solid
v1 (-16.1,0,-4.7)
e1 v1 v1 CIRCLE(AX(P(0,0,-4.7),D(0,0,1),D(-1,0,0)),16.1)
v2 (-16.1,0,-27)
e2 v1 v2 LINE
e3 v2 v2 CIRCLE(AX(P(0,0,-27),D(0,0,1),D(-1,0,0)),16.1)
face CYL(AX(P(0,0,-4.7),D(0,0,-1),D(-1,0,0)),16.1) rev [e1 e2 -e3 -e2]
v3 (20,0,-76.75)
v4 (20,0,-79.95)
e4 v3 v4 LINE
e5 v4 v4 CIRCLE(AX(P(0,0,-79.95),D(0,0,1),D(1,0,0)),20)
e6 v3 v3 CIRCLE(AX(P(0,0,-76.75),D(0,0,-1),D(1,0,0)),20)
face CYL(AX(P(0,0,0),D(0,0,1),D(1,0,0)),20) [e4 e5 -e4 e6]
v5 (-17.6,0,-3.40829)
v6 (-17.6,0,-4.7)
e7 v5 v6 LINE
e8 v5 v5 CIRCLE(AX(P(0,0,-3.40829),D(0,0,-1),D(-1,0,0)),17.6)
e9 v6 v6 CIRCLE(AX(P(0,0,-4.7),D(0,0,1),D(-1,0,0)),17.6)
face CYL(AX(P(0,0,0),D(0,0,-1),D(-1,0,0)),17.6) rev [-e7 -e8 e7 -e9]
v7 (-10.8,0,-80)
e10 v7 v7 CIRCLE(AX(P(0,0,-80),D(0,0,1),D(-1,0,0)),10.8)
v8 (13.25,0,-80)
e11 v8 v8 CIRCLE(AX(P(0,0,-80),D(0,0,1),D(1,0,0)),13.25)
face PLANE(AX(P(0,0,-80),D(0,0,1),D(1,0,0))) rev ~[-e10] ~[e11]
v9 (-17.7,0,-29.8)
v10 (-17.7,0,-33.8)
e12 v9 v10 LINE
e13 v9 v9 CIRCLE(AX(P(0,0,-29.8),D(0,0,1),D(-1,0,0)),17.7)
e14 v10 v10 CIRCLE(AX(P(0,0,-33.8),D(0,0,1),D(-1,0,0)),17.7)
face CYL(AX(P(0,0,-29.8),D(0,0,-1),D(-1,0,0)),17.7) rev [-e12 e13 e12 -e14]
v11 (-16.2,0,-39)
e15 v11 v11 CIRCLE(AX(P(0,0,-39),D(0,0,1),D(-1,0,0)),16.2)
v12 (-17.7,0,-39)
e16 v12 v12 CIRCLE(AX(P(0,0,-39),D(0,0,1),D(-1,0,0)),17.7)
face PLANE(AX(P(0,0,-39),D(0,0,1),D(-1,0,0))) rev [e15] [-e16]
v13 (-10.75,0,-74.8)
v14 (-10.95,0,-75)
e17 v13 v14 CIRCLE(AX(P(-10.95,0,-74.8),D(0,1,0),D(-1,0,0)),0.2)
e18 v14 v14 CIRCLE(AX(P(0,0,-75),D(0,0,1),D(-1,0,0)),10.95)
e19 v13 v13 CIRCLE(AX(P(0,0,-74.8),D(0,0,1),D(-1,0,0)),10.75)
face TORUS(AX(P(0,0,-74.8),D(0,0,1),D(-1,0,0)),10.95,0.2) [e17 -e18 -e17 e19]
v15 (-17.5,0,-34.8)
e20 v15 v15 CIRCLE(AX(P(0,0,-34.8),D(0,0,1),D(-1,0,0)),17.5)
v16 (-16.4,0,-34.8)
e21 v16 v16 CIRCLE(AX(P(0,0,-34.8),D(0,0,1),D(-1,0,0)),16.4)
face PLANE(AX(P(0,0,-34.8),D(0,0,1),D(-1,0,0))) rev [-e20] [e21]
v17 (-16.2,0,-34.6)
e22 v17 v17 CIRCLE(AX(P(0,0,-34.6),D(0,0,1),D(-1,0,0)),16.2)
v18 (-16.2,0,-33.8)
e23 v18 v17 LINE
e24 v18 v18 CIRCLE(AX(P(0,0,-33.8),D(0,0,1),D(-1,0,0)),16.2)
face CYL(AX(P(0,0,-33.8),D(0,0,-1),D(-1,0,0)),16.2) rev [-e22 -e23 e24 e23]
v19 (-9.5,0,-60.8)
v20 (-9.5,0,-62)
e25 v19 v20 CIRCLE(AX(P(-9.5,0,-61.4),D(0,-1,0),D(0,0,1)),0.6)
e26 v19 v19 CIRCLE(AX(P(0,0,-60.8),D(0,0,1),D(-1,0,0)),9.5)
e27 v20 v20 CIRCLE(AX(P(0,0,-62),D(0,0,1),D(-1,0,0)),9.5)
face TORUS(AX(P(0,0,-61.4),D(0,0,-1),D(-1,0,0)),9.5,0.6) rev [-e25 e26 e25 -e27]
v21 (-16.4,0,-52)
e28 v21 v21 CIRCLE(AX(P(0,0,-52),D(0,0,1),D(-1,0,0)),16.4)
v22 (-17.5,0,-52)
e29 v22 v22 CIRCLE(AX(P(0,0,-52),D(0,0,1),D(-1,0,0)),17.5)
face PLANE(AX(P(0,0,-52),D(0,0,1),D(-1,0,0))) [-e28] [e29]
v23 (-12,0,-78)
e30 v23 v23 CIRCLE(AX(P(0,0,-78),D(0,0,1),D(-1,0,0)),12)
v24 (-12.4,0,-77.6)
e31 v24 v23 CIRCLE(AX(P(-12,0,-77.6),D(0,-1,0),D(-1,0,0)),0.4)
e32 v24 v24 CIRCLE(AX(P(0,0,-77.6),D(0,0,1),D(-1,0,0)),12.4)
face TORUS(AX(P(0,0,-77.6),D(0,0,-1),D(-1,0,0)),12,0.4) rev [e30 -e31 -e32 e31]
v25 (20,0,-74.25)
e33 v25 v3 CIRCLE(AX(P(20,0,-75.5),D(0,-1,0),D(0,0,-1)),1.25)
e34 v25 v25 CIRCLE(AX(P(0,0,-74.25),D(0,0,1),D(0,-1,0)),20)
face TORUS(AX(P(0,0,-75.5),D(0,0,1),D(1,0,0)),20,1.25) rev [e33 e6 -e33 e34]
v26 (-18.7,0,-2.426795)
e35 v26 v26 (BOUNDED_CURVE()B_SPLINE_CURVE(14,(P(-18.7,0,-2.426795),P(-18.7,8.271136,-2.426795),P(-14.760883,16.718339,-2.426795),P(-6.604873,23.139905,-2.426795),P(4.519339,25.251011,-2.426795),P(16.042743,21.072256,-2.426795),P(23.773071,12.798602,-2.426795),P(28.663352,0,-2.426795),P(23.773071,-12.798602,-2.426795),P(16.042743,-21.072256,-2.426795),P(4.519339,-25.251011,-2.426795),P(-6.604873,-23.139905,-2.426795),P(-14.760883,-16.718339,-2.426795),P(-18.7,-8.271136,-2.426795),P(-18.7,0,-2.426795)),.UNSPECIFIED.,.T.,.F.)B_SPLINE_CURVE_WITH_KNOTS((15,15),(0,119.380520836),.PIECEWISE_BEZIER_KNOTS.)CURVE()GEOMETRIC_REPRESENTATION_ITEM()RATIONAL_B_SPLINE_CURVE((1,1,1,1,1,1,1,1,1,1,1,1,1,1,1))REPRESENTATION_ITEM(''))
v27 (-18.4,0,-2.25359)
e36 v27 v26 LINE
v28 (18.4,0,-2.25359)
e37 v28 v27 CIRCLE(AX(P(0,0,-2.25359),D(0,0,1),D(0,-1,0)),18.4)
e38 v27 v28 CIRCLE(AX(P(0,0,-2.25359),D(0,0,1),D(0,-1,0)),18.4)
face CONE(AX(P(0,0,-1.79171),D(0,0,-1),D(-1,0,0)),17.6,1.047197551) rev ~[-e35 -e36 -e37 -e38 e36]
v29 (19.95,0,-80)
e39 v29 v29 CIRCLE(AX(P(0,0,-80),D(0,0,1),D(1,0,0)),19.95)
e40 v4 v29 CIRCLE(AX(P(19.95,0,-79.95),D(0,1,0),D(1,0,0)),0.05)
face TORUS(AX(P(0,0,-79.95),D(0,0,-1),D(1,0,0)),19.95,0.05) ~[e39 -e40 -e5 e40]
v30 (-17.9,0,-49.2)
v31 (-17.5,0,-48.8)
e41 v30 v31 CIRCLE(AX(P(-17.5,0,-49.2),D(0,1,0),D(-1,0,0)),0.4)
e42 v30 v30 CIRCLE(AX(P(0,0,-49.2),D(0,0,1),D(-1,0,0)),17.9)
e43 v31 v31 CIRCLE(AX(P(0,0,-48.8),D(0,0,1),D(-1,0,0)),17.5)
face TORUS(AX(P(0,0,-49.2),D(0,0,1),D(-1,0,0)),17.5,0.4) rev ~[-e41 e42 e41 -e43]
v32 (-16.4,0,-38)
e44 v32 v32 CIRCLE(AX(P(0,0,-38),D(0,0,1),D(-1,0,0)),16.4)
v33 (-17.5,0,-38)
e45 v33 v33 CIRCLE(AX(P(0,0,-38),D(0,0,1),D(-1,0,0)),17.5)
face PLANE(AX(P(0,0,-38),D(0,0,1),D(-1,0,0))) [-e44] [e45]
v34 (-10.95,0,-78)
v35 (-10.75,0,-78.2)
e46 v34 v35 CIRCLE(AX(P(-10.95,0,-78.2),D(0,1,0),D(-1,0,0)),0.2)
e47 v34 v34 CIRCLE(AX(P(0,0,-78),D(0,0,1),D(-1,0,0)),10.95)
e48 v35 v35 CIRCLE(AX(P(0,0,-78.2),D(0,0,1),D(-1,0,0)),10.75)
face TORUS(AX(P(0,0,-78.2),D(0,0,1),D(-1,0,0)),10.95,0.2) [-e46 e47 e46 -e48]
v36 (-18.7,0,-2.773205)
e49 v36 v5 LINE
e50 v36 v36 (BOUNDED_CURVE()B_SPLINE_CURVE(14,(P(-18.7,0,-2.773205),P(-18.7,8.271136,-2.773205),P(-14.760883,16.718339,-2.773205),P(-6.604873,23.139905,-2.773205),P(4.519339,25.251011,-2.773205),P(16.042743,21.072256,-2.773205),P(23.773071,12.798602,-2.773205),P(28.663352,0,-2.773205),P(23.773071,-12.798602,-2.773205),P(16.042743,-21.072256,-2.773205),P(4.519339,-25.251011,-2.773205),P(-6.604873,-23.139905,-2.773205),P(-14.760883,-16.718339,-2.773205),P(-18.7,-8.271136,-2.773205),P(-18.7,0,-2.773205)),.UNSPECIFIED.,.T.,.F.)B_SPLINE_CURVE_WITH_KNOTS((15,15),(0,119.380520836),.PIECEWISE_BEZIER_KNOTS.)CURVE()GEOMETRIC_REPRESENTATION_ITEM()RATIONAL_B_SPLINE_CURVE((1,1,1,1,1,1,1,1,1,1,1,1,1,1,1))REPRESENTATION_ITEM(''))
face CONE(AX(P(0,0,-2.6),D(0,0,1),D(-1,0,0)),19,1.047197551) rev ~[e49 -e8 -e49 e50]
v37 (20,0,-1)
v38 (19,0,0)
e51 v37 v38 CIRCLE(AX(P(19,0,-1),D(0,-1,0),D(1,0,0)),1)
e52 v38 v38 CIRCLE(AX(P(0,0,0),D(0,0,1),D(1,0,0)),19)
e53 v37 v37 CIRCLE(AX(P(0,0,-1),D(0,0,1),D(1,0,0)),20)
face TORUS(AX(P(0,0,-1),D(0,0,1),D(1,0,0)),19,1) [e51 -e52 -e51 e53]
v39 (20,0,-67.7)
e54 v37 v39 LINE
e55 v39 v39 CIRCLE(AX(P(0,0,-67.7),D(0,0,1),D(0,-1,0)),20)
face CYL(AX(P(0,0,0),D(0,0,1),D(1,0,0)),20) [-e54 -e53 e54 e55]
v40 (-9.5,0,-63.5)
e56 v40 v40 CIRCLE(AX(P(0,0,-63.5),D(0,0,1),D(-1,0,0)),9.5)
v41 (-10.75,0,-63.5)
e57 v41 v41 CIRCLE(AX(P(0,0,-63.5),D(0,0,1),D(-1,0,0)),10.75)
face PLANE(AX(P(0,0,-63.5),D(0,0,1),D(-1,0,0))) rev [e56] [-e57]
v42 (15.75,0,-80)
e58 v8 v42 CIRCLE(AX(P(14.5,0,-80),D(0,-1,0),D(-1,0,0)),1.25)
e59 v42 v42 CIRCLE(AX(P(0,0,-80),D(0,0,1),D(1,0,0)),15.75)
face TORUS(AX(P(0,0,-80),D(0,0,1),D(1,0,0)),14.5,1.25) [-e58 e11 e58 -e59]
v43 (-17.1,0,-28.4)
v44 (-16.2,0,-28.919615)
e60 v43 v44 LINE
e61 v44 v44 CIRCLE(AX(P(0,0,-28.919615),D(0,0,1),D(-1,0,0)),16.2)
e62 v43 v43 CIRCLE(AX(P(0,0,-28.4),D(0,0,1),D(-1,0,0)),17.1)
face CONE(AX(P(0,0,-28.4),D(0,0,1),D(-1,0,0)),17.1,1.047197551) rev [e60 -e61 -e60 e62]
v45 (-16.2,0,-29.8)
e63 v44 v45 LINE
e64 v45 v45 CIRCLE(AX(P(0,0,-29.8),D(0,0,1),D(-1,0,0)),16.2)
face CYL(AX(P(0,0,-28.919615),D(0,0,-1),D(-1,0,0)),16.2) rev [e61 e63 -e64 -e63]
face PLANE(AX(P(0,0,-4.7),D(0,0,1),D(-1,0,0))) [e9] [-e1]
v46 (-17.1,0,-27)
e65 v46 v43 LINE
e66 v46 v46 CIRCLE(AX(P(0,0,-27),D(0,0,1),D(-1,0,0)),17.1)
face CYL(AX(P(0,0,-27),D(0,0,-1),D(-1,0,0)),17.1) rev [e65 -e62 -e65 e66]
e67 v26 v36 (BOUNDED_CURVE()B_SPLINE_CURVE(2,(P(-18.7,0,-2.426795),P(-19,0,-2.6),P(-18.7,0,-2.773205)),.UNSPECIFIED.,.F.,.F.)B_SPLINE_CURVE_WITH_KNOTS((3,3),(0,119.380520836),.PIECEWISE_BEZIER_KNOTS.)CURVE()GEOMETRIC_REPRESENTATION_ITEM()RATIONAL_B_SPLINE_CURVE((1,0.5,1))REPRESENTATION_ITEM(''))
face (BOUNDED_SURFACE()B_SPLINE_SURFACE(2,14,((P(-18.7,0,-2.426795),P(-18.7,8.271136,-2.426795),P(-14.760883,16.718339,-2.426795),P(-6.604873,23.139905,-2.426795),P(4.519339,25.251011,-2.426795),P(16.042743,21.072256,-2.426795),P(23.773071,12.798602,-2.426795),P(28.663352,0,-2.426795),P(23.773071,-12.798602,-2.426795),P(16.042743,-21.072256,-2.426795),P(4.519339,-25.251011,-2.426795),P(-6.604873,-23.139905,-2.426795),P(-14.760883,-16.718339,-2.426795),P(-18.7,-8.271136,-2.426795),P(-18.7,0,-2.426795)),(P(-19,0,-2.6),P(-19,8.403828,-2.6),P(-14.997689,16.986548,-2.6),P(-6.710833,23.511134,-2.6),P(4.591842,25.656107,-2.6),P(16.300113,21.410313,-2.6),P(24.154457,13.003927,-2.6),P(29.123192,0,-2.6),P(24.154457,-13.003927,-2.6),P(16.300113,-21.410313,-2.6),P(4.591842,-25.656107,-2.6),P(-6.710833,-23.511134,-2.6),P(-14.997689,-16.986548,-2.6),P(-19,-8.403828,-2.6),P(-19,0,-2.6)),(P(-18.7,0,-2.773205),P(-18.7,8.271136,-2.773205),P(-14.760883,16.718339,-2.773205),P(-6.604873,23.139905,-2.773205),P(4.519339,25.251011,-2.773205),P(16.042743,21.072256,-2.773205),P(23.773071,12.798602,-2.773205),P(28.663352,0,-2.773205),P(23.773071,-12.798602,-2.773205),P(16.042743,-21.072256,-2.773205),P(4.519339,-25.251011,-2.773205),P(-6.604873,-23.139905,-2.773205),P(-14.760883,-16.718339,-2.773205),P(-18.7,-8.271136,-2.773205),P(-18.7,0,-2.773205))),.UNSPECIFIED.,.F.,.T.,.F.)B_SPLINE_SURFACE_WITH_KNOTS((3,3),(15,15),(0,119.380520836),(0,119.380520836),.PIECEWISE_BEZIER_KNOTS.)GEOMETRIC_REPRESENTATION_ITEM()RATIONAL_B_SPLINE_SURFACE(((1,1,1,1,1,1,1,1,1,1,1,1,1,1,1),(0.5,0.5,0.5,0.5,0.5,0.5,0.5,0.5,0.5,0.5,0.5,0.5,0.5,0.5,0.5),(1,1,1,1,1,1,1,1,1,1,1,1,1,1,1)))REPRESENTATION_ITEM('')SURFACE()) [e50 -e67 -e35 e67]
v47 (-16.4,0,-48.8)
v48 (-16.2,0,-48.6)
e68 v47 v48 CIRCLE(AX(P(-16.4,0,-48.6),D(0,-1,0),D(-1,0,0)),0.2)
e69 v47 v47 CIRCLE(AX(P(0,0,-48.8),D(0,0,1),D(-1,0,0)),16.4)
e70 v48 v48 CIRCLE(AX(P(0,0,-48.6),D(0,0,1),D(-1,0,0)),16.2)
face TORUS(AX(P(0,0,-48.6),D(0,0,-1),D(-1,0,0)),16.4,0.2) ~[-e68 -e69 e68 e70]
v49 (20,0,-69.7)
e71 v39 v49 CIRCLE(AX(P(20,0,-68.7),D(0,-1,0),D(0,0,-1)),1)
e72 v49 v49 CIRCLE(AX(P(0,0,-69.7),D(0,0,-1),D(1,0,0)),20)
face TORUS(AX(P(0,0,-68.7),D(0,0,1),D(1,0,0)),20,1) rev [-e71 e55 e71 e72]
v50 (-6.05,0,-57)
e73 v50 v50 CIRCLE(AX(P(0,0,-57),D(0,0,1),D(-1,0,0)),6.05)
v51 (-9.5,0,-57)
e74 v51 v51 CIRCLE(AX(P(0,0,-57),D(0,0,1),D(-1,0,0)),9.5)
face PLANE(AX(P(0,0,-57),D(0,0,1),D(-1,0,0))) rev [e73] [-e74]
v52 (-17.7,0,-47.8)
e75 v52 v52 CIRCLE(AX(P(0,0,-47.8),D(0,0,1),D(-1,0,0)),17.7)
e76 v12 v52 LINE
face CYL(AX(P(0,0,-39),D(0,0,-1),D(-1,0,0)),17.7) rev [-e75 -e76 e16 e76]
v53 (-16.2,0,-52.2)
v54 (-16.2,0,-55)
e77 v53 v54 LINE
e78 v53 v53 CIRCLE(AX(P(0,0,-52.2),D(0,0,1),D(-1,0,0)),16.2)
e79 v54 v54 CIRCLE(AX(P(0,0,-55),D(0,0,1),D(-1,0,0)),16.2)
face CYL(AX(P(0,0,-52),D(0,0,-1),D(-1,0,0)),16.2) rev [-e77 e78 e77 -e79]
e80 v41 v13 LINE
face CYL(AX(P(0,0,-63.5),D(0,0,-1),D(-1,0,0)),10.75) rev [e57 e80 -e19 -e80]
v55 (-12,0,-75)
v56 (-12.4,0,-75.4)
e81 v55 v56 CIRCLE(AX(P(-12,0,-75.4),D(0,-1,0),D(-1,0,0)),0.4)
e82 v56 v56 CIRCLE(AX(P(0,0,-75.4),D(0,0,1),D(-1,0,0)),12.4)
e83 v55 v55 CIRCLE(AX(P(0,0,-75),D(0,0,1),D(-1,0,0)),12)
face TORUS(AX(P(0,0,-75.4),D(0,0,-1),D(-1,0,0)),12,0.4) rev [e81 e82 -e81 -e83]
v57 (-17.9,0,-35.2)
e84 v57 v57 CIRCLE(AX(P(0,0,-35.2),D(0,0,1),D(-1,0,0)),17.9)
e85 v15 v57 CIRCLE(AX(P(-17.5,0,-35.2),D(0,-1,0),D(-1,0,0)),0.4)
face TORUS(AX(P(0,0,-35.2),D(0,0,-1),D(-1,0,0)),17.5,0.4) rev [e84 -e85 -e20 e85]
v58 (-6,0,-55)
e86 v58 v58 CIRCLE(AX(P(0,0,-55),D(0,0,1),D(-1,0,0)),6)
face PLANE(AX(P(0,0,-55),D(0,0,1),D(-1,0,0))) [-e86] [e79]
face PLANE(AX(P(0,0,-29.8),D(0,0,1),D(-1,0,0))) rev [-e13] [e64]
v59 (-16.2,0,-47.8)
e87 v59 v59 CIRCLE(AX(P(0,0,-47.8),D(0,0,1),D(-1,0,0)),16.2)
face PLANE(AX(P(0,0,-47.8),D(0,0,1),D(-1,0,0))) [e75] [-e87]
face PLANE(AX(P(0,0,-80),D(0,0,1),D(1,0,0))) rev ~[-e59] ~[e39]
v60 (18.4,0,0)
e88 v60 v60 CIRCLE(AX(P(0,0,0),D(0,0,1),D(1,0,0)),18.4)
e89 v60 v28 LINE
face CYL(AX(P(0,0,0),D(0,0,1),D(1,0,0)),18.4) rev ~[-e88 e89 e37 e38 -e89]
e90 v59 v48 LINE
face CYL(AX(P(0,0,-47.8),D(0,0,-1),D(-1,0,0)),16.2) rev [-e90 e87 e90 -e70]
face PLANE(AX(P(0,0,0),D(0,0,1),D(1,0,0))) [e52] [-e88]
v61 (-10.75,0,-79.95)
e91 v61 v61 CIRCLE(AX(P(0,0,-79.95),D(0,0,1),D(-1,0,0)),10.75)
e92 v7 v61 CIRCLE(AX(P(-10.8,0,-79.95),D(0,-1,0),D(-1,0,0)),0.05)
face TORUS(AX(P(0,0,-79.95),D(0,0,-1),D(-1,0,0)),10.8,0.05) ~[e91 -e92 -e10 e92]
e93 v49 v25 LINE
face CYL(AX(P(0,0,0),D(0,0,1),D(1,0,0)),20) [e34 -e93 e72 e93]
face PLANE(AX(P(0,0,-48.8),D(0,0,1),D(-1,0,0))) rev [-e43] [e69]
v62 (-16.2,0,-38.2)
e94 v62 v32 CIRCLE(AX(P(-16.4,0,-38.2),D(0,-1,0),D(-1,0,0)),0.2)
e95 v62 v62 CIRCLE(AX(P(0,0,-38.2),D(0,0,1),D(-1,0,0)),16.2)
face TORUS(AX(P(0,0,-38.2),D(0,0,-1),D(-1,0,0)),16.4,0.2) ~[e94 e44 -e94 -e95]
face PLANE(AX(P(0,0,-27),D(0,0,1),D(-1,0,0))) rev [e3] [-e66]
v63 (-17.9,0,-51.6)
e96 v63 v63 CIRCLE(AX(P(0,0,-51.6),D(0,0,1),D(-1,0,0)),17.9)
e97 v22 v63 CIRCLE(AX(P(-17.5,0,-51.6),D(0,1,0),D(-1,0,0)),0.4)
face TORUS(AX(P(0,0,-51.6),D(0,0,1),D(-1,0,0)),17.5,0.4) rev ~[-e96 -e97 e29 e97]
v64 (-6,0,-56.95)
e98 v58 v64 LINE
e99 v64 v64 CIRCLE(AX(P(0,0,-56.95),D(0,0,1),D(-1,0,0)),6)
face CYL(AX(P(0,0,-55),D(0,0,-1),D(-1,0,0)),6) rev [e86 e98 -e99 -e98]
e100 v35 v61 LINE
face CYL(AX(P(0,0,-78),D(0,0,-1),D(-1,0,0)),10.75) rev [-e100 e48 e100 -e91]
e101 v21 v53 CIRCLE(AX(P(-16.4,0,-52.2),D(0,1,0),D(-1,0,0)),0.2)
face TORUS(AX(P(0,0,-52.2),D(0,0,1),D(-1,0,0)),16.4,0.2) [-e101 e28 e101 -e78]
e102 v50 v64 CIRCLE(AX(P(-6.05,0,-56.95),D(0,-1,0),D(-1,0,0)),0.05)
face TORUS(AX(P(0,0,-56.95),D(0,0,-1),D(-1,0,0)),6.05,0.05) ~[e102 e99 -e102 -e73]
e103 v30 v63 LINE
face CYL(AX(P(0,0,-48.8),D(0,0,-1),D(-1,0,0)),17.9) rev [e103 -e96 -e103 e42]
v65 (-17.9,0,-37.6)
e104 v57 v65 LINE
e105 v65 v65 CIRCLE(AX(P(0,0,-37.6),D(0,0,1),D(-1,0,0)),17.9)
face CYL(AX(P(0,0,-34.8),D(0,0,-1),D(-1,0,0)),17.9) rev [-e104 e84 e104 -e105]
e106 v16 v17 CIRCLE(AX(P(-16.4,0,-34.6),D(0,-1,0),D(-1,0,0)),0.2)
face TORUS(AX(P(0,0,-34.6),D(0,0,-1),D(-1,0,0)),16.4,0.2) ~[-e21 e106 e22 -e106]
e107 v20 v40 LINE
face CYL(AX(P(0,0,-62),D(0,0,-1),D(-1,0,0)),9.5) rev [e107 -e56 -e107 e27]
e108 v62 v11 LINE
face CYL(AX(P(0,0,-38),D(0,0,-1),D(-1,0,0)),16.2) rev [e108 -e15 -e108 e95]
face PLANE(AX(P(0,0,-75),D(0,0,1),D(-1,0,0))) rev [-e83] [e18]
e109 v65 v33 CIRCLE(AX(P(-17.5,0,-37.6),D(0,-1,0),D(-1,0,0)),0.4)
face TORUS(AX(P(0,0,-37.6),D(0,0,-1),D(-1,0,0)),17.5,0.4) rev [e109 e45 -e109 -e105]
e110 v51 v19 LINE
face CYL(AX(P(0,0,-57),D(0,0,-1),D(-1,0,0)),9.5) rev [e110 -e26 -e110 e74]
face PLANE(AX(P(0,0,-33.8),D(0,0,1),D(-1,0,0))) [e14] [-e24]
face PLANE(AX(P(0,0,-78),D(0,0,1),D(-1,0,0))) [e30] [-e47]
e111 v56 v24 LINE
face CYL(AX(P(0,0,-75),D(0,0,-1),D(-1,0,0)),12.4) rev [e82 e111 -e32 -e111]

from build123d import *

# Parameters (mm, degrees)
SKETCH_1_R          = 20
EXTRUDE_1_DEPTH     = 80
FILLET_2_R          = 1
SKETCH_6_R          = 18.4
CUT_EXTRUDE_1_DEPTH = 2.6
FILLET_3_R          = 0.05
SKETCH_8_R          = 1.25
SKETCH_8_R_2        = 1
FILLET_12_R         = 0.4
FILLET_13_R         = 0.2
FILLET_14_R         = 0.2
FILLET_15_R         = 0.4
FILLET_16_R         = 0.2


with BuildPart() as part:
    # Эскиз1 → Бобышка-Вытянуть1 (new body)
    with BuildSketch(Plane.XY):
        Circle(SKETCH_1_R)
    extrude(amount=-EXTRUDE_1_DEPTH)

    # Эскиз4 → Вырез-Повернуть1 (revolve, cut)
    with BuildSketch(Plane(origin=(0, 0, 0), x_dir=(0, 0, -1), z_dir=(1, 0, 0)), mode=Mode.PRIVATE) as cut_revolve_1_sk:
        with BuildLine():
            Line((0, 0), (0, 17.6))
            Line((0, 17.6), (4.7, 17.6))
            Line((4.7, 17.6), (4.7, 16.1))
            Line((4.7, 16.1), (27, 16.1))
            Line((27, 16.1), (27, 17.1))
            Line((27, 17.1), (28.4, 17.1))
            Line((28.4, 17.1), (28.919615242, 16.2))
            Line((28.919615242, 16.2), (29.8, 16.2))
            Line((29.8, 16.2), (29.8, 17.7))
            Line((29.8, 17.7), (33.8, 17.7))
            Line((33.8, 17.7), (33.8, 16.2))
            Line((33.8, 16.2), (34.8, 16.2))
            Line((34.8, 16.2), (34.8, 17.9))
            Line((34.8, 17.9), (38, 17.9))
            Line((38, 17.9), (38, 16.2))
            Line((38, 16.2), (39, 16.2))
            Line((39, 16.2), (39, 17.7))
            Line((39, 17.7), (47.8, 17.7))
            Line((47.8, 17.7), (47.8, 16.2))
            Line((47.8, 16.2), (48.8, 16.2))
            Line((48.8, 16.2), (48.8, 17.9))
            Line((48.8, 17.9), (52, 17.9))
            Line((52, 17.9), (52, 16.2))
            Line((52, 16.2), (55, 16.2))
            Line((55, 16.2), (55, 6))
            Line((55, 6), (57, 6))
            Line((57, 6), (57, 9.5))
            Line((57, 9.5), (60.8, 9.5))
            ThreePointArc((60.8, 9.5), (61.4, 10.1), (62, 9.5))
            Line((62, 9.5), (63.5, 9.5))
            Line((63.5, 9.5), (63.5, 10.75))
            Line((63.5, 10.75), (75, 10.75))
            Line((75, 10.75), (75, 12.4))
            Line((75, 12.4), (78, 12.4))
            Line((78, 12.4), (78, 10.75))
            Line((78, 10.75), (80, 10.75))
            Line((80, 10.75), (80, 0))
            Line((80, 0), (0, 0))
        make_face()
    revolve(cut_revolve_1_sk.sketch.rotate(Axis((0, 0, -80), (0, 0, 1)), 90), axis=Axis((0, 0, -80), (0, 0, 1)), mode=Mode.SUBTRACT)

    # Эскиз5 → Вырез-Повернуть2 (revolve, cut)
    with BuildSketch(Plane(origin=(0, 0, 0), x_dir=(0, 0, -1), z_dir=(1, 0, 0)), mode=Mode.PRIVATE) as cut_revolve_2_sk:
        Polygon((3.408290377, 17.6), (1.791709623, 17.6), (2.6, 19), align=None)
    revolve(cut_revolve_2_sk.sketch.rotate(Axis((0, 0, 0), (0, 0, -1)), 270), axis=Axis((0, 0, 0), (0, 0, -1)), mode=Mode.SUBTRACT)

    # Скругление2
    fillet_2_edges = [part.edges().sort_by_distance(p)[0] for p in [
        (-20, 0, 0),
    ]]
    fillet(fillet_2_edges, radius=FILLET_2_R)

    # Эскиз6 → Вырез-Вытянуть1 (cut)
    with BuildSketch(Plane.XY):
        Circle(SKETCH_6_R)
    extrude(amount=-CUT_EXTRUDE_1_DEPTH, mode=Mode.SUBTRACT)

    # Скругление3
    fillet_3_edges = [part.edges().sort_by_distance(p)[0] for p in [
        (10.75, 0, -80),
        (-20, 0, -80),
        (6, 0, -57),
    ]]
    fillet(fillet_3_edges, radius=FILLET_3_R)

    # Эскиз7 → Повернуть1 (revolve)
    with BuildSketch(Plane(origin=(0, 0, 0), x_dir=(1, 0, 0), z_dir=(0, 1, 0)), mode=Mode.PRIVATE) as revolve_1_sk:
        with BuildLine():
            Line((-15.75, 80), (-13.25, 80))
            ThreePointArc((-13.25, 80), (-14.5, 81.25), (-15.75, 80))
        make_face()
    revolve(revolve_1_sk.sketch.rotate(Axis((0, 0, -88.958875933), (0, 0, 1)), 180), axis=Axis((0, 0, -88.958875933), (0, 0, 1)))

    # Эскиз8 → Вырез-Повернуть3 (revolve, cut)
    with BuildSketch(Plane(origin=(0, 0, 0), x_dir=(0, 0, -1), z_dir=(1, 0, 0)), mode=Mode.PRIVATE) as cut_revolve_3_sk:
        with Locations((75.5, 20)):
            Circle(SKETCH_8_R)
        with Locations((68.7, 20)):
            Circle(SKETCH_8_R_2)
    revolve(cut_revolve_3_sk.sketch.rotate(Axis((0, 0, 0), (0, 0, -1)), 90), axis=Axis((0, 0, 0), (0, 0, -1)), mode=Mode.SUBTRACT)

    # Скругление12
    fillet_12_edges = [part.edges().sort_by_distance(p)[0] for p in [
        (17.9, 0, -34.8),
        (17.9, 0, -38),
        (17.9, 0, -48.8),
        (17.9, 0, -52),
    ]]
    fillet(fillet_12_edges, radius=FILLET_12_R)

    # Скругление13
    fillet_13_edges = [part.edges().sort_by_distance(p)[0] for p in [
        (16.2, 0, -34.8),
        (16.2, 0, -38),
        (16.2, 0, -48.8),
        (16.2, 0, -52),
    ]]
    fillet(fillet_13_edges, radius=FILLET_13_R)

    # Скругление14
    fillet_14_edges = [part.edges().sort_by_distance(p)[0] for p in [
        (10.75, 0, -78),
        (10.75, 0, -75),
    ]]
    fillet(fillet_14_edges, radius=FILLET_14_R)

    # Скругление15
    fillet_15_edges = [part.edges().sort_by_distance(p)[0] for p in [
        (12.4, 0, -75),
        (12.4, 0, -78),
    ]]
    fillet(fillet_15_edges, radius=FILLET_15_R)

    # Скругление16
    fillet_16_edges = [part.edges().sort_by_distance(p)[0] for p in [
        (19, 0, -2.6),
    ]]
    fillet(fillet_16_edges, radius=FILLET_16_R)


solid = part.part
